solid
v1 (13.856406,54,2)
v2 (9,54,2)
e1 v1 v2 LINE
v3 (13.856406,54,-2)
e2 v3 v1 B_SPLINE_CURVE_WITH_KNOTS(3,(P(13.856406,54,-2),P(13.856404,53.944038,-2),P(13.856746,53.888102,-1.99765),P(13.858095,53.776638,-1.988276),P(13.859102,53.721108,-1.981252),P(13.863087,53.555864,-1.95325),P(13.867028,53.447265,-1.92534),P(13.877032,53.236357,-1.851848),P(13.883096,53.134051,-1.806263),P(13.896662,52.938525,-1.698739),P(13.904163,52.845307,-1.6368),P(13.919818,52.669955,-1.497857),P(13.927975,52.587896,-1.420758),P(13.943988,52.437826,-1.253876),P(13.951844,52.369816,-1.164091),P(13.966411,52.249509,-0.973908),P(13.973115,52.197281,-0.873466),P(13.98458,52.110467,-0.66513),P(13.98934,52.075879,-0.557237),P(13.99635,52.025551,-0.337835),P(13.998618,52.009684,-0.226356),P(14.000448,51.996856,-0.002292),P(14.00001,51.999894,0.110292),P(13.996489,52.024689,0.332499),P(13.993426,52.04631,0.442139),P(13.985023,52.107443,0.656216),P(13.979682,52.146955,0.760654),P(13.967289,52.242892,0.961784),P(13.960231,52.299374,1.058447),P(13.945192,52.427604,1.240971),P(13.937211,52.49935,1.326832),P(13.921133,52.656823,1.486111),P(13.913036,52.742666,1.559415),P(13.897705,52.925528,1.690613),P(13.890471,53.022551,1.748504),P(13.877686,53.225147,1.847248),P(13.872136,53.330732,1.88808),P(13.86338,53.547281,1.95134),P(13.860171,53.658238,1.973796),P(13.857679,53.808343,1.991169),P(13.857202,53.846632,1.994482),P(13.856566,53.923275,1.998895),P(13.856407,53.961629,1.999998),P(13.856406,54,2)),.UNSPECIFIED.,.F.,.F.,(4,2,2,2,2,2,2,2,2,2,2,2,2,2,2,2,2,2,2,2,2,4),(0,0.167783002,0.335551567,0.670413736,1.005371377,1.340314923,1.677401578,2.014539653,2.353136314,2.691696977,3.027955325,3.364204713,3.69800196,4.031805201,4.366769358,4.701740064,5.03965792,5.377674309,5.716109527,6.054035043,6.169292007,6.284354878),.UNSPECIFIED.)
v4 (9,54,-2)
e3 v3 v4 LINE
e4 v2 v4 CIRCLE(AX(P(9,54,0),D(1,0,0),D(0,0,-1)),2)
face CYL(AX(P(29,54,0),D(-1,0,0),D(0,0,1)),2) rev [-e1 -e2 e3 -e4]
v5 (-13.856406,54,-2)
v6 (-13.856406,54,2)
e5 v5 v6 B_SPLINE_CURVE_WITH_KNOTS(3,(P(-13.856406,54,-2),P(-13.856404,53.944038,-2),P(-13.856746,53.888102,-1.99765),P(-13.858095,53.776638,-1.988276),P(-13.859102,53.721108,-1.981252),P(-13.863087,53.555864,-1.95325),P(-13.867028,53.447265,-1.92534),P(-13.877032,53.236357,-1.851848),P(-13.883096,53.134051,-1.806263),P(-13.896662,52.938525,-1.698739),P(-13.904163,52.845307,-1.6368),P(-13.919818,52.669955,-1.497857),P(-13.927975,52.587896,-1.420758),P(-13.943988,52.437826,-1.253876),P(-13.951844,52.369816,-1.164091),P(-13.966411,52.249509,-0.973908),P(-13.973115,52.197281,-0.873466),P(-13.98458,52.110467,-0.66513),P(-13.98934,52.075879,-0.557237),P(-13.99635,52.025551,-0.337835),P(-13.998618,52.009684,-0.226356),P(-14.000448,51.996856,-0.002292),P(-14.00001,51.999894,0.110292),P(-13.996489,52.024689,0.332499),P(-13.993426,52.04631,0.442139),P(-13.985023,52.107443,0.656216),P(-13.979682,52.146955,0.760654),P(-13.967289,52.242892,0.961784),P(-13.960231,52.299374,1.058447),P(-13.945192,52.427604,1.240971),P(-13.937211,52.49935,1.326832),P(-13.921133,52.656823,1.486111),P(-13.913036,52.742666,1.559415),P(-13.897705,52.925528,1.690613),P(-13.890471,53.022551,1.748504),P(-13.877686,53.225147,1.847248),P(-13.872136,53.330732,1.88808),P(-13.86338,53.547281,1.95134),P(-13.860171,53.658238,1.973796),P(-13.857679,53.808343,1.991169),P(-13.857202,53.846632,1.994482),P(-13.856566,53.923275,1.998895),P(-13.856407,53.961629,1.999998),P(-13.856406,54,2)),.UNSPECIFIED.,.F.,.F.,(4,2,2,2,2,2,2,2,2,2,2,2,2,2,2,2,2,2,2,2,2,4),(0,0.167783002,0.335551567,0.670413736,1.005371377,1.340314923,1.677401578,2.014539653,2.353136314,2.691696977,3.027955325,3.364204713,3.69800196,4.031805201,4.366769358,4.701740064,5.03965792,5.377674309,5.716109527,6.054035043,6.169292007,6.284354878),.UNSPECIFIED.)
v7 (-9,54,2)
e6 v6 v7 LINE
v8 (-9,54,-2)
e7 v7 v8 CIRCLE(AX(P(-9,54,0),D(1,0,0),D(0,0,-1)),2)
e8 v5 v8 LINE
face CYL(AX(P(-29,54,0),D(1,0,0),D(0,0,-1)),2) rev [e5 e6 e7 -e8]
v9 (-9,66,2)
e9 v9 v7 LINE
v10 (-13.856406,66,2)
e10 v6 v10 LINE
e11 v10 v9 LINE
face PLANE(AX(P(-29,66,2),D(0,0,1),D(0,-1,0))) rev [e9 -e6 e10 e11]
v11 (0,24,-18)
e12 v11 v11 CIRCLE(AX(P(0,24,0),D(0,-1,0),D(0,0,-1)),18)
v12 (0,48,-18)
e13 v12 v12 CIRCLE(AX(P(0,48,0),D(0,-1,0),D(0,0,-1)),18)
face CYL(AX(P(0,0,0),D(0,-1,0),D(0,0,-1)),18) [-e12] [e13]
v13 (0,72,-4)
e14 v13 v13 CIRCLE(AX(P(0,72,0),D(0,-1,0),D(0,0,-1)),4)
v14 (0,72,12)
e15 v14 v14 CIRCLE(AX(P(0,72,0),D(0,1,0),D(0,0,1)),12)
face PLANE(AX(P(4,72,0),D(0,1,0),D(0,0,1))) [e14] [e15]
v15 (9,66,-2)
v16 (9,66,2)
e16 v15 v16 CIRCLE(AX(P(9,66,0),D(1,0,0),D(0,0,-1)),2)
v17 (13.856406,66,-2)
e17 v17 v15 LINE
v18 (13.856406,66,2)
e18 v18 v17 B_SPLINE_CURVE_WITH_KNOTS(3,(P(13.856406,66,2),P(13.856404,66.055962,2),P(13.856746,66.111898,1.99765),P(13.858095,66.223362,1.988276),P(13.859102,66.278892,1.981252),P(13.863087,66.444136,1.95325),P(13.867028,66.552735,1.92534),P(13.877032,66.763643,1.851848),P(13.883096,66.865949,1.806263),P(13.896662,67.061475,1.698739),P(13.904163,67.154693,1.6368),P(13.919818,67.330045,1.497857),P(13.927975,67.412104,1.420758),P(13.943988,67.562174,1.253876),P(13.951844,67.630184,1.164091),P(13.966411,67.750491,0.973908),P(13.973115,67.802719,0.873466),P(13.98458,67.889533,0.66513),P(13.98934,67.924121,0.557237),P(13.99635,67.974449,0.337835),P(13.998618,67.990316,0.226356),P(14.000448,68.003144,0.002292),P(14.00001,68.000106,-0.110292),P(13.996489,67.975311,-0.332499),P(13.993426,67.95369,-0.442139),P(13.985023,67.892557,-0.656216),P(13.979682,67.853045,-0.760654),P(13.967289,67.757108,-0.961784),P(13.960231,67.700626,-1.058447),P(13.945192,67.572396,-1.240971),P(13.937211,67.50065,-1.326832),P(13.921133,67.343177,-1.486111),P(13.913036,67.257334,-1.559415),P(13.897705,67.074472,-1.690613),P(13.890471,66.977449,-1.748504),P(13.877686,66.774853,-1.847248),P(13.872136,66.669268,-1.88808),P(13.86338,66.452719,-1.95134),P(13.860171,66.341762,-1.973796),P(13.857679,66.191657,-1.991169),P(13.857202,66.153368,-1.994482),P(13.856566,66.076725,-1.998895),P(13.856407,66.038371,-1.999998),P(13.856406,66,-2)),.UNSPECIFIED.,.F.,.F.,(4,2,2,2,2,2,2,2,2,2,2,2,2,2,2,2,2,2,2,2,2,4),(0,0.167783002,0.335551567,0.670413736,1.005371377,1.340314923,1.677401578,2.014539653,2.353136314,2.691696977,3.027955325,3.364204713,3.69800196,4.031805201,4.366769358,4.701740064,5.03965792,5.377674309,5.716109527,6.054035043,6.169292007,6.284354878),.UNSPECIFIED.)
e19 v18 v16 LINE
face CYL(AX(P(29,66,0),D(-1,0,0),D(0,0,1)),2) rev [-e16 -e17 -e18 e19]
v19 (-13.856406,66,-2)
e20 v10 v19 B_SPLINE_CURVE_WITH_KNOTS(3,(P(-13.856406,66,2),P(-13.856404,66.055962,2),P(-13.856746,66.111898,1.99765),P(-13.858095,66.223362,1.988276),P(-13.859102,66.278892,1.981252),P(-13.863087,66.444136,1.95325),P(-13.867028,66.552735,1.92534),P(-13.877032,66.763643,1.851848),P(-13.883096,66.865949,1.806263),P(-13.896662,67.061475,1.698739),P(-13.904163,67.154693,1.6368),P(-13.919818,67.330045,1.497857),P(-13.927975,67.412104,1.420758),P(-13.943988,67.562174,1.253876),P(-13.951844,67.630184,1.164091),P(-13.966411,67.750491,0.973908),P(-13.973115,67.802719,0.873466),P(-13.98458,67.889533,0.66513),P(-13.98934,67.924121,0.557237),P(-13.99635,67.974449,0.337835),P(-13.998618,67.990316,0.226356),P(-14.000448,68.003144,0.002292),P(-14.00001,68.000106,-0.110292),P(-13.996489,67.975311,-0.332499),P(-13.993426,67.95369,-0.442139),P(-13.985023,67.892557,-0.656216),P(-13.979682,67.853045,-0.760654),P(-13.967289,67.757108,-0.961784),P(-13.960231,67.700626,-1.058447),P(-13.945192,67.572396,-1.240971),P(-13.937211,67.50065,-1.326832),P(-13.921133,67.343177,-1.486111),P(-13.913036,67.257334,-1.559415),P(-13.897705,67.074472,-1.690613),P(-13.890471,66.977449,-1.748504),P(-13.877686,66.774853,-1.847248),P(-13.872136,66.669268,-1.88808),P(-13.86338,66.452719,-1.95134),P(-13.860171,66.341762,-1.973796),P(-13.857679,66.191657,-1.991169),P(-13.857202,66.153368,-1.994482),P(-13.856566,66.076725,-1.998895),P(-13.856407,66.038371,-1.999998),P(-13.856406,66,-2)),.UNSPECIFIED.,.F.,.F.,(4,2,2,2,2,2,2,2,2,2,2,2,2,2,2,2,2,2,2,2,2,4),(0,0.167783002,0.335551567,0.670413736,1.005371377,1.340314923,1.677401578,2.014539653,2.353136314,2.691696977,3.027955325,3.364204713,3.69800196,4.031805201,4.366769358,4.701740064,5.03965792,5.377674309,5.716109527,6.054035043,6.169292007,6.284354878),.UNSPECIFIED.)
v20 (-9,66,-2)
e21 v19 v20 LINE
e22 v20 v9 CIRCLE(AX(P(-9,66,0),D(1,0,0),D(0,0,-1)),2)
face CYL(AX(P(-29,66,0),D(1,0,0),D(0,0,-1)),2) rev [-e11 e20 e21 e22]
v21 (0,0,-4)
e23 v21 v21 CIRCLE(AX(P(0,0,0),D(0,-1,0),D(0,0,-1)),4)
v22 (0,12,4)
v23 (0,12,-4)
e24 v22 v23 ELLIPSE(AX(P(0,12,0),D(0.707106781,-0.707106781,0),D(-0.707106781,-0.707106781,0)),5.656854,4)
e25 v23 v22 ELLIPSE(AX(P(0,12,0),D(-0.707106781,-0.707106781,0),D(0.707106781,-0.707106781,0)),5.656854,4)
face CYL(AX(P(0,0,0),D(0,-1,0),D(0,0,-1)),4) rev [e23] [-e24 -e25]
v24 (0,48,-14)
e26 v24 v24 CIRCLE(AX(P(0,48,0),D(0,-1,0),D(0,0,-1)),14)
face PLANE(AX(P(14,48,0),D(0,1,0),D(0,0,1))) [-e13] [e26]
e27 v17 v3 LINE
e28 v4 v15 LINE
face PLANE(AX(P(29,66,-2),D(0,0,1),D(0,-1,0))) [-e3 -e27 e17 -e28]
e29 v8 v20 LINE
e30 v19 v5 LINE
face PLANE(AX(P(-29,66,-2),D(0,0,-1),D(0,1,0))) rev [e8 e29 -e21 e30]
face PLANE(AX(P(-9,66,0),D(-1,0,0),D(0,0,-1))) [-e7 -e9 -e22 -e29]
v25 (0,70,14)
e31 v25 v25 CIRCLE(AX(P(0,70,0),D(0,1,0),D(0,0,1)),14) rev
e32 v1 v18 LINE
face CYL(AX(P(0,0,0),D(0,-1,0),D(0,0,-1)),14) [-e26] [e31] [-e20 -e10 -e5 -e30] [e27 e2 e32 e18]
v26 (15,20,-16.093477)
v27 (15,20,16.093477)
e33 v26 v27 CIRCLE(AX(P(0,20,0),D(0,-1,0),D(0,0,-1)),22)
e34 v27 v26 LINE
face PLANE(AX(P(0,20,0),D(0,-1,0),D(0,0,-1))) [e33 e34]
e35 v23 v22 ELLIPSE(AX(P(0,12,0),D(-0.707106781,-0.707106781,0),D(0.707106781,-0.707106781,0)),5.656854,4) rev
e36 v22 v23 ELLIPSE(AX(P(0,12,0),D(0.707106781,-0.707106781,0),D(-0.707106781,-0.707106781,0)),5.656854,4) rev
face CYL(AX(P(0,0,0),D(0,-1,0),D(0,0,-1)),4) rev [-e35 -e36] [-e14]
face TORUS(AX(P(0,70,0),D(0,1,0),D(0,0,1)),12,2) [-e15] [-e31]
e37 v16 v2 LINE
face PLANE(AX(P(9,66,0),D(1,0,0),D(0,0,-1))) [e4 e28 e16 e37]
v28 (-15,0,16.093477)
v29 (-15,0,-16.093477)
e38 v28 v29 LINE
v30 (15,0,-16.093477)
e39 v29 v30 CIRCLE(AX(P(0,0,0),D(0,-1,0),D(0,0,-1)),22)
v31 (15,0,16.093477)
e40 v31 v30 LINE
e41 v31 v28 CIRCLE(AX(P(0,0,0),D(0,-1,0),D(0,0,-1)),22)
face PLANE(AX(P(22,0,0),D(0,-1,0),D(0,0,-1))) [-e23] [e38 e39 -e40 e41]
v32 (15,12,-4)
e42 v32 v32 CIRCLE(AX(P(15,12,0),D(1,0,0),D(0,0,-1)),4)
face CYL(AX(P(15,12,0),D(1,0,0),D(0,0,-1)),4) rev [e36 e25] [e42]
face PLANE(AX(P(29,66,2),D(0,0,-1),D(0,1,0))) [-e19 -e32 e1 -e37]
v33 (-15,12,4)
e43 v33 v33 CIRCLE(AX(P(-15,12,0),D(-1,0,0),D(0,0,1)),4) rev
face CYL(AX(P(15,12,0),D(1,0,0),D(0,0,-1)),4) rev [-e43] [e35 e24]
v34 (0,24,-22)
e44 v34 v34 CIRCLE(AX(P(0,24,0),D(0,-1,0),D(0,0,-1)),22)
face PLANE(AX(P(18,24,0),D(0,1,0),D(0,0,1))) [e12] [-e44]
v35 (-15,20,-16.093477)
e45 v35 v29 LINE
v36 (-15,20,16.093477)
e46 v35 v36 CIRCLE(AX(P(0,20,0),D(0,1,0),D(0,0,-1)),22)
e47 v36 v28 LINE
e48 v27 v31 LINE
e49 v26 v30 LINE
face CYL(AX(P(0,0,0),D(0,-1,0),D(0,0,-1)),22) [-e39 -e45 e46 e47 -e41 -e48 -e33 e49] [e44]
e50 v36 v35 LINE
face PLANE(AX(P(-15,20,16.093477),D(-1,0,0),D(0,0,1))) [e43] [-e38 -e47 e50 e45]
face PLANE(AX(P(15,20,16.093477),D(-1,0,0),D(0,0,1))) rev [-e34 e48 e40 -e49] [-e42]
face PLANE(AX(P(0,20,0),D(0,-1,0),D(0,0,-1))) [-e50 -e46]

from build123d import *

# Parameters (mm, degrees)
CUT_EXTRUDE1_DEPTH = 20
CUT_EXTRUDE2_START = 9
CUT_EXTRUDE2_DEPTH = 20
HOLE1_D            = 8
FILLET1_R          = 2


with BuildPart() as part:
    # Sketch1 → Revolve1 (revolve)
    with BuildSketch(Plane.XY, mode=Mode.PRIVATE) as revolve1_sk:
        Polygon((4, 0), (4, 72), (14, 72), (14, 48), (18, 48), (18, 24), (22, 24), (22, 0), align=None)
    revolve(revolve1_sk.sketch.rotate(Axis((0, 0, 0), (0, 1, 0)), 90), axis=Axis((0, 0, 0), (0, 1, 0)))

    # Sketch2 → Cut-Extrude1 (cut)
    with BuildSketch(Plane.XZ):
        with BuildLine():
            Line((15, 16.093476939), (15, -16.093476939))
            ThreePointArc((15, -16.093476939), (22, 0), (15, 16.093476939))
        make_face()
    cut_extrude1 = extrude(amount=-CUT_EXTRUDE1_DEPTH, mode=Mode.SUBTRACT)

    # Sketch3 → Cut-Extrude2 (cut)
    with BuildSketch(Plane(origin=(0, 0, 0), x_dir=(0, 0, -1), z_dir=(1, 0, 0)).offset(CUT_EXTRUDE2_START)):
        with BuildLine():
            Line((2, 66), (2, 54))
            ThreePointArc((2, 54), (0, 52), (-2, 54))
            Line((-2, 54), (-2, 66))
            ThreePointArc((-2, 66), (0, 68), (2, 66))
        make_face()
    cut_extrude2 = extrude(amount=CUT_EXTRUDE2_DEPTH, mode=Mode.SUBTRACT)

    # Hole1 (through all)
    with Locations(Plane(origin=(15, 0, 0), x_dir=(0, 0, -1), z_dir=(1, 0, 0))):
        with Locations((0, 12)):
            Hole(HOLE1_D / 2)

    # Mirror2: Cut-Extrude2 across plane
    add(cut_extrude2.mirror(Plane(origin=(0, 0, 0), x_dir=(0, 0, 1), z_dir=(1, 0, 0))), mode=Mode.SUBTRACT)

    # Mirror3: Cut-Extrude1 across plane
    add(cut_extrude1.mirror(Plane(origin=(0, 0, 0), x_dir=(0, 0, 1), z_dir=(1, 0, 0))), mode=Mode.SUBTRACT)

    # Fillet1
    fillet1_edges = [part.edges().sort_by_distance(p)[0] for p in [
        (0, 72, 14),
    ]]
    fillet(fillet1_edges, radius=FILLET1_R)


solid = part.part
